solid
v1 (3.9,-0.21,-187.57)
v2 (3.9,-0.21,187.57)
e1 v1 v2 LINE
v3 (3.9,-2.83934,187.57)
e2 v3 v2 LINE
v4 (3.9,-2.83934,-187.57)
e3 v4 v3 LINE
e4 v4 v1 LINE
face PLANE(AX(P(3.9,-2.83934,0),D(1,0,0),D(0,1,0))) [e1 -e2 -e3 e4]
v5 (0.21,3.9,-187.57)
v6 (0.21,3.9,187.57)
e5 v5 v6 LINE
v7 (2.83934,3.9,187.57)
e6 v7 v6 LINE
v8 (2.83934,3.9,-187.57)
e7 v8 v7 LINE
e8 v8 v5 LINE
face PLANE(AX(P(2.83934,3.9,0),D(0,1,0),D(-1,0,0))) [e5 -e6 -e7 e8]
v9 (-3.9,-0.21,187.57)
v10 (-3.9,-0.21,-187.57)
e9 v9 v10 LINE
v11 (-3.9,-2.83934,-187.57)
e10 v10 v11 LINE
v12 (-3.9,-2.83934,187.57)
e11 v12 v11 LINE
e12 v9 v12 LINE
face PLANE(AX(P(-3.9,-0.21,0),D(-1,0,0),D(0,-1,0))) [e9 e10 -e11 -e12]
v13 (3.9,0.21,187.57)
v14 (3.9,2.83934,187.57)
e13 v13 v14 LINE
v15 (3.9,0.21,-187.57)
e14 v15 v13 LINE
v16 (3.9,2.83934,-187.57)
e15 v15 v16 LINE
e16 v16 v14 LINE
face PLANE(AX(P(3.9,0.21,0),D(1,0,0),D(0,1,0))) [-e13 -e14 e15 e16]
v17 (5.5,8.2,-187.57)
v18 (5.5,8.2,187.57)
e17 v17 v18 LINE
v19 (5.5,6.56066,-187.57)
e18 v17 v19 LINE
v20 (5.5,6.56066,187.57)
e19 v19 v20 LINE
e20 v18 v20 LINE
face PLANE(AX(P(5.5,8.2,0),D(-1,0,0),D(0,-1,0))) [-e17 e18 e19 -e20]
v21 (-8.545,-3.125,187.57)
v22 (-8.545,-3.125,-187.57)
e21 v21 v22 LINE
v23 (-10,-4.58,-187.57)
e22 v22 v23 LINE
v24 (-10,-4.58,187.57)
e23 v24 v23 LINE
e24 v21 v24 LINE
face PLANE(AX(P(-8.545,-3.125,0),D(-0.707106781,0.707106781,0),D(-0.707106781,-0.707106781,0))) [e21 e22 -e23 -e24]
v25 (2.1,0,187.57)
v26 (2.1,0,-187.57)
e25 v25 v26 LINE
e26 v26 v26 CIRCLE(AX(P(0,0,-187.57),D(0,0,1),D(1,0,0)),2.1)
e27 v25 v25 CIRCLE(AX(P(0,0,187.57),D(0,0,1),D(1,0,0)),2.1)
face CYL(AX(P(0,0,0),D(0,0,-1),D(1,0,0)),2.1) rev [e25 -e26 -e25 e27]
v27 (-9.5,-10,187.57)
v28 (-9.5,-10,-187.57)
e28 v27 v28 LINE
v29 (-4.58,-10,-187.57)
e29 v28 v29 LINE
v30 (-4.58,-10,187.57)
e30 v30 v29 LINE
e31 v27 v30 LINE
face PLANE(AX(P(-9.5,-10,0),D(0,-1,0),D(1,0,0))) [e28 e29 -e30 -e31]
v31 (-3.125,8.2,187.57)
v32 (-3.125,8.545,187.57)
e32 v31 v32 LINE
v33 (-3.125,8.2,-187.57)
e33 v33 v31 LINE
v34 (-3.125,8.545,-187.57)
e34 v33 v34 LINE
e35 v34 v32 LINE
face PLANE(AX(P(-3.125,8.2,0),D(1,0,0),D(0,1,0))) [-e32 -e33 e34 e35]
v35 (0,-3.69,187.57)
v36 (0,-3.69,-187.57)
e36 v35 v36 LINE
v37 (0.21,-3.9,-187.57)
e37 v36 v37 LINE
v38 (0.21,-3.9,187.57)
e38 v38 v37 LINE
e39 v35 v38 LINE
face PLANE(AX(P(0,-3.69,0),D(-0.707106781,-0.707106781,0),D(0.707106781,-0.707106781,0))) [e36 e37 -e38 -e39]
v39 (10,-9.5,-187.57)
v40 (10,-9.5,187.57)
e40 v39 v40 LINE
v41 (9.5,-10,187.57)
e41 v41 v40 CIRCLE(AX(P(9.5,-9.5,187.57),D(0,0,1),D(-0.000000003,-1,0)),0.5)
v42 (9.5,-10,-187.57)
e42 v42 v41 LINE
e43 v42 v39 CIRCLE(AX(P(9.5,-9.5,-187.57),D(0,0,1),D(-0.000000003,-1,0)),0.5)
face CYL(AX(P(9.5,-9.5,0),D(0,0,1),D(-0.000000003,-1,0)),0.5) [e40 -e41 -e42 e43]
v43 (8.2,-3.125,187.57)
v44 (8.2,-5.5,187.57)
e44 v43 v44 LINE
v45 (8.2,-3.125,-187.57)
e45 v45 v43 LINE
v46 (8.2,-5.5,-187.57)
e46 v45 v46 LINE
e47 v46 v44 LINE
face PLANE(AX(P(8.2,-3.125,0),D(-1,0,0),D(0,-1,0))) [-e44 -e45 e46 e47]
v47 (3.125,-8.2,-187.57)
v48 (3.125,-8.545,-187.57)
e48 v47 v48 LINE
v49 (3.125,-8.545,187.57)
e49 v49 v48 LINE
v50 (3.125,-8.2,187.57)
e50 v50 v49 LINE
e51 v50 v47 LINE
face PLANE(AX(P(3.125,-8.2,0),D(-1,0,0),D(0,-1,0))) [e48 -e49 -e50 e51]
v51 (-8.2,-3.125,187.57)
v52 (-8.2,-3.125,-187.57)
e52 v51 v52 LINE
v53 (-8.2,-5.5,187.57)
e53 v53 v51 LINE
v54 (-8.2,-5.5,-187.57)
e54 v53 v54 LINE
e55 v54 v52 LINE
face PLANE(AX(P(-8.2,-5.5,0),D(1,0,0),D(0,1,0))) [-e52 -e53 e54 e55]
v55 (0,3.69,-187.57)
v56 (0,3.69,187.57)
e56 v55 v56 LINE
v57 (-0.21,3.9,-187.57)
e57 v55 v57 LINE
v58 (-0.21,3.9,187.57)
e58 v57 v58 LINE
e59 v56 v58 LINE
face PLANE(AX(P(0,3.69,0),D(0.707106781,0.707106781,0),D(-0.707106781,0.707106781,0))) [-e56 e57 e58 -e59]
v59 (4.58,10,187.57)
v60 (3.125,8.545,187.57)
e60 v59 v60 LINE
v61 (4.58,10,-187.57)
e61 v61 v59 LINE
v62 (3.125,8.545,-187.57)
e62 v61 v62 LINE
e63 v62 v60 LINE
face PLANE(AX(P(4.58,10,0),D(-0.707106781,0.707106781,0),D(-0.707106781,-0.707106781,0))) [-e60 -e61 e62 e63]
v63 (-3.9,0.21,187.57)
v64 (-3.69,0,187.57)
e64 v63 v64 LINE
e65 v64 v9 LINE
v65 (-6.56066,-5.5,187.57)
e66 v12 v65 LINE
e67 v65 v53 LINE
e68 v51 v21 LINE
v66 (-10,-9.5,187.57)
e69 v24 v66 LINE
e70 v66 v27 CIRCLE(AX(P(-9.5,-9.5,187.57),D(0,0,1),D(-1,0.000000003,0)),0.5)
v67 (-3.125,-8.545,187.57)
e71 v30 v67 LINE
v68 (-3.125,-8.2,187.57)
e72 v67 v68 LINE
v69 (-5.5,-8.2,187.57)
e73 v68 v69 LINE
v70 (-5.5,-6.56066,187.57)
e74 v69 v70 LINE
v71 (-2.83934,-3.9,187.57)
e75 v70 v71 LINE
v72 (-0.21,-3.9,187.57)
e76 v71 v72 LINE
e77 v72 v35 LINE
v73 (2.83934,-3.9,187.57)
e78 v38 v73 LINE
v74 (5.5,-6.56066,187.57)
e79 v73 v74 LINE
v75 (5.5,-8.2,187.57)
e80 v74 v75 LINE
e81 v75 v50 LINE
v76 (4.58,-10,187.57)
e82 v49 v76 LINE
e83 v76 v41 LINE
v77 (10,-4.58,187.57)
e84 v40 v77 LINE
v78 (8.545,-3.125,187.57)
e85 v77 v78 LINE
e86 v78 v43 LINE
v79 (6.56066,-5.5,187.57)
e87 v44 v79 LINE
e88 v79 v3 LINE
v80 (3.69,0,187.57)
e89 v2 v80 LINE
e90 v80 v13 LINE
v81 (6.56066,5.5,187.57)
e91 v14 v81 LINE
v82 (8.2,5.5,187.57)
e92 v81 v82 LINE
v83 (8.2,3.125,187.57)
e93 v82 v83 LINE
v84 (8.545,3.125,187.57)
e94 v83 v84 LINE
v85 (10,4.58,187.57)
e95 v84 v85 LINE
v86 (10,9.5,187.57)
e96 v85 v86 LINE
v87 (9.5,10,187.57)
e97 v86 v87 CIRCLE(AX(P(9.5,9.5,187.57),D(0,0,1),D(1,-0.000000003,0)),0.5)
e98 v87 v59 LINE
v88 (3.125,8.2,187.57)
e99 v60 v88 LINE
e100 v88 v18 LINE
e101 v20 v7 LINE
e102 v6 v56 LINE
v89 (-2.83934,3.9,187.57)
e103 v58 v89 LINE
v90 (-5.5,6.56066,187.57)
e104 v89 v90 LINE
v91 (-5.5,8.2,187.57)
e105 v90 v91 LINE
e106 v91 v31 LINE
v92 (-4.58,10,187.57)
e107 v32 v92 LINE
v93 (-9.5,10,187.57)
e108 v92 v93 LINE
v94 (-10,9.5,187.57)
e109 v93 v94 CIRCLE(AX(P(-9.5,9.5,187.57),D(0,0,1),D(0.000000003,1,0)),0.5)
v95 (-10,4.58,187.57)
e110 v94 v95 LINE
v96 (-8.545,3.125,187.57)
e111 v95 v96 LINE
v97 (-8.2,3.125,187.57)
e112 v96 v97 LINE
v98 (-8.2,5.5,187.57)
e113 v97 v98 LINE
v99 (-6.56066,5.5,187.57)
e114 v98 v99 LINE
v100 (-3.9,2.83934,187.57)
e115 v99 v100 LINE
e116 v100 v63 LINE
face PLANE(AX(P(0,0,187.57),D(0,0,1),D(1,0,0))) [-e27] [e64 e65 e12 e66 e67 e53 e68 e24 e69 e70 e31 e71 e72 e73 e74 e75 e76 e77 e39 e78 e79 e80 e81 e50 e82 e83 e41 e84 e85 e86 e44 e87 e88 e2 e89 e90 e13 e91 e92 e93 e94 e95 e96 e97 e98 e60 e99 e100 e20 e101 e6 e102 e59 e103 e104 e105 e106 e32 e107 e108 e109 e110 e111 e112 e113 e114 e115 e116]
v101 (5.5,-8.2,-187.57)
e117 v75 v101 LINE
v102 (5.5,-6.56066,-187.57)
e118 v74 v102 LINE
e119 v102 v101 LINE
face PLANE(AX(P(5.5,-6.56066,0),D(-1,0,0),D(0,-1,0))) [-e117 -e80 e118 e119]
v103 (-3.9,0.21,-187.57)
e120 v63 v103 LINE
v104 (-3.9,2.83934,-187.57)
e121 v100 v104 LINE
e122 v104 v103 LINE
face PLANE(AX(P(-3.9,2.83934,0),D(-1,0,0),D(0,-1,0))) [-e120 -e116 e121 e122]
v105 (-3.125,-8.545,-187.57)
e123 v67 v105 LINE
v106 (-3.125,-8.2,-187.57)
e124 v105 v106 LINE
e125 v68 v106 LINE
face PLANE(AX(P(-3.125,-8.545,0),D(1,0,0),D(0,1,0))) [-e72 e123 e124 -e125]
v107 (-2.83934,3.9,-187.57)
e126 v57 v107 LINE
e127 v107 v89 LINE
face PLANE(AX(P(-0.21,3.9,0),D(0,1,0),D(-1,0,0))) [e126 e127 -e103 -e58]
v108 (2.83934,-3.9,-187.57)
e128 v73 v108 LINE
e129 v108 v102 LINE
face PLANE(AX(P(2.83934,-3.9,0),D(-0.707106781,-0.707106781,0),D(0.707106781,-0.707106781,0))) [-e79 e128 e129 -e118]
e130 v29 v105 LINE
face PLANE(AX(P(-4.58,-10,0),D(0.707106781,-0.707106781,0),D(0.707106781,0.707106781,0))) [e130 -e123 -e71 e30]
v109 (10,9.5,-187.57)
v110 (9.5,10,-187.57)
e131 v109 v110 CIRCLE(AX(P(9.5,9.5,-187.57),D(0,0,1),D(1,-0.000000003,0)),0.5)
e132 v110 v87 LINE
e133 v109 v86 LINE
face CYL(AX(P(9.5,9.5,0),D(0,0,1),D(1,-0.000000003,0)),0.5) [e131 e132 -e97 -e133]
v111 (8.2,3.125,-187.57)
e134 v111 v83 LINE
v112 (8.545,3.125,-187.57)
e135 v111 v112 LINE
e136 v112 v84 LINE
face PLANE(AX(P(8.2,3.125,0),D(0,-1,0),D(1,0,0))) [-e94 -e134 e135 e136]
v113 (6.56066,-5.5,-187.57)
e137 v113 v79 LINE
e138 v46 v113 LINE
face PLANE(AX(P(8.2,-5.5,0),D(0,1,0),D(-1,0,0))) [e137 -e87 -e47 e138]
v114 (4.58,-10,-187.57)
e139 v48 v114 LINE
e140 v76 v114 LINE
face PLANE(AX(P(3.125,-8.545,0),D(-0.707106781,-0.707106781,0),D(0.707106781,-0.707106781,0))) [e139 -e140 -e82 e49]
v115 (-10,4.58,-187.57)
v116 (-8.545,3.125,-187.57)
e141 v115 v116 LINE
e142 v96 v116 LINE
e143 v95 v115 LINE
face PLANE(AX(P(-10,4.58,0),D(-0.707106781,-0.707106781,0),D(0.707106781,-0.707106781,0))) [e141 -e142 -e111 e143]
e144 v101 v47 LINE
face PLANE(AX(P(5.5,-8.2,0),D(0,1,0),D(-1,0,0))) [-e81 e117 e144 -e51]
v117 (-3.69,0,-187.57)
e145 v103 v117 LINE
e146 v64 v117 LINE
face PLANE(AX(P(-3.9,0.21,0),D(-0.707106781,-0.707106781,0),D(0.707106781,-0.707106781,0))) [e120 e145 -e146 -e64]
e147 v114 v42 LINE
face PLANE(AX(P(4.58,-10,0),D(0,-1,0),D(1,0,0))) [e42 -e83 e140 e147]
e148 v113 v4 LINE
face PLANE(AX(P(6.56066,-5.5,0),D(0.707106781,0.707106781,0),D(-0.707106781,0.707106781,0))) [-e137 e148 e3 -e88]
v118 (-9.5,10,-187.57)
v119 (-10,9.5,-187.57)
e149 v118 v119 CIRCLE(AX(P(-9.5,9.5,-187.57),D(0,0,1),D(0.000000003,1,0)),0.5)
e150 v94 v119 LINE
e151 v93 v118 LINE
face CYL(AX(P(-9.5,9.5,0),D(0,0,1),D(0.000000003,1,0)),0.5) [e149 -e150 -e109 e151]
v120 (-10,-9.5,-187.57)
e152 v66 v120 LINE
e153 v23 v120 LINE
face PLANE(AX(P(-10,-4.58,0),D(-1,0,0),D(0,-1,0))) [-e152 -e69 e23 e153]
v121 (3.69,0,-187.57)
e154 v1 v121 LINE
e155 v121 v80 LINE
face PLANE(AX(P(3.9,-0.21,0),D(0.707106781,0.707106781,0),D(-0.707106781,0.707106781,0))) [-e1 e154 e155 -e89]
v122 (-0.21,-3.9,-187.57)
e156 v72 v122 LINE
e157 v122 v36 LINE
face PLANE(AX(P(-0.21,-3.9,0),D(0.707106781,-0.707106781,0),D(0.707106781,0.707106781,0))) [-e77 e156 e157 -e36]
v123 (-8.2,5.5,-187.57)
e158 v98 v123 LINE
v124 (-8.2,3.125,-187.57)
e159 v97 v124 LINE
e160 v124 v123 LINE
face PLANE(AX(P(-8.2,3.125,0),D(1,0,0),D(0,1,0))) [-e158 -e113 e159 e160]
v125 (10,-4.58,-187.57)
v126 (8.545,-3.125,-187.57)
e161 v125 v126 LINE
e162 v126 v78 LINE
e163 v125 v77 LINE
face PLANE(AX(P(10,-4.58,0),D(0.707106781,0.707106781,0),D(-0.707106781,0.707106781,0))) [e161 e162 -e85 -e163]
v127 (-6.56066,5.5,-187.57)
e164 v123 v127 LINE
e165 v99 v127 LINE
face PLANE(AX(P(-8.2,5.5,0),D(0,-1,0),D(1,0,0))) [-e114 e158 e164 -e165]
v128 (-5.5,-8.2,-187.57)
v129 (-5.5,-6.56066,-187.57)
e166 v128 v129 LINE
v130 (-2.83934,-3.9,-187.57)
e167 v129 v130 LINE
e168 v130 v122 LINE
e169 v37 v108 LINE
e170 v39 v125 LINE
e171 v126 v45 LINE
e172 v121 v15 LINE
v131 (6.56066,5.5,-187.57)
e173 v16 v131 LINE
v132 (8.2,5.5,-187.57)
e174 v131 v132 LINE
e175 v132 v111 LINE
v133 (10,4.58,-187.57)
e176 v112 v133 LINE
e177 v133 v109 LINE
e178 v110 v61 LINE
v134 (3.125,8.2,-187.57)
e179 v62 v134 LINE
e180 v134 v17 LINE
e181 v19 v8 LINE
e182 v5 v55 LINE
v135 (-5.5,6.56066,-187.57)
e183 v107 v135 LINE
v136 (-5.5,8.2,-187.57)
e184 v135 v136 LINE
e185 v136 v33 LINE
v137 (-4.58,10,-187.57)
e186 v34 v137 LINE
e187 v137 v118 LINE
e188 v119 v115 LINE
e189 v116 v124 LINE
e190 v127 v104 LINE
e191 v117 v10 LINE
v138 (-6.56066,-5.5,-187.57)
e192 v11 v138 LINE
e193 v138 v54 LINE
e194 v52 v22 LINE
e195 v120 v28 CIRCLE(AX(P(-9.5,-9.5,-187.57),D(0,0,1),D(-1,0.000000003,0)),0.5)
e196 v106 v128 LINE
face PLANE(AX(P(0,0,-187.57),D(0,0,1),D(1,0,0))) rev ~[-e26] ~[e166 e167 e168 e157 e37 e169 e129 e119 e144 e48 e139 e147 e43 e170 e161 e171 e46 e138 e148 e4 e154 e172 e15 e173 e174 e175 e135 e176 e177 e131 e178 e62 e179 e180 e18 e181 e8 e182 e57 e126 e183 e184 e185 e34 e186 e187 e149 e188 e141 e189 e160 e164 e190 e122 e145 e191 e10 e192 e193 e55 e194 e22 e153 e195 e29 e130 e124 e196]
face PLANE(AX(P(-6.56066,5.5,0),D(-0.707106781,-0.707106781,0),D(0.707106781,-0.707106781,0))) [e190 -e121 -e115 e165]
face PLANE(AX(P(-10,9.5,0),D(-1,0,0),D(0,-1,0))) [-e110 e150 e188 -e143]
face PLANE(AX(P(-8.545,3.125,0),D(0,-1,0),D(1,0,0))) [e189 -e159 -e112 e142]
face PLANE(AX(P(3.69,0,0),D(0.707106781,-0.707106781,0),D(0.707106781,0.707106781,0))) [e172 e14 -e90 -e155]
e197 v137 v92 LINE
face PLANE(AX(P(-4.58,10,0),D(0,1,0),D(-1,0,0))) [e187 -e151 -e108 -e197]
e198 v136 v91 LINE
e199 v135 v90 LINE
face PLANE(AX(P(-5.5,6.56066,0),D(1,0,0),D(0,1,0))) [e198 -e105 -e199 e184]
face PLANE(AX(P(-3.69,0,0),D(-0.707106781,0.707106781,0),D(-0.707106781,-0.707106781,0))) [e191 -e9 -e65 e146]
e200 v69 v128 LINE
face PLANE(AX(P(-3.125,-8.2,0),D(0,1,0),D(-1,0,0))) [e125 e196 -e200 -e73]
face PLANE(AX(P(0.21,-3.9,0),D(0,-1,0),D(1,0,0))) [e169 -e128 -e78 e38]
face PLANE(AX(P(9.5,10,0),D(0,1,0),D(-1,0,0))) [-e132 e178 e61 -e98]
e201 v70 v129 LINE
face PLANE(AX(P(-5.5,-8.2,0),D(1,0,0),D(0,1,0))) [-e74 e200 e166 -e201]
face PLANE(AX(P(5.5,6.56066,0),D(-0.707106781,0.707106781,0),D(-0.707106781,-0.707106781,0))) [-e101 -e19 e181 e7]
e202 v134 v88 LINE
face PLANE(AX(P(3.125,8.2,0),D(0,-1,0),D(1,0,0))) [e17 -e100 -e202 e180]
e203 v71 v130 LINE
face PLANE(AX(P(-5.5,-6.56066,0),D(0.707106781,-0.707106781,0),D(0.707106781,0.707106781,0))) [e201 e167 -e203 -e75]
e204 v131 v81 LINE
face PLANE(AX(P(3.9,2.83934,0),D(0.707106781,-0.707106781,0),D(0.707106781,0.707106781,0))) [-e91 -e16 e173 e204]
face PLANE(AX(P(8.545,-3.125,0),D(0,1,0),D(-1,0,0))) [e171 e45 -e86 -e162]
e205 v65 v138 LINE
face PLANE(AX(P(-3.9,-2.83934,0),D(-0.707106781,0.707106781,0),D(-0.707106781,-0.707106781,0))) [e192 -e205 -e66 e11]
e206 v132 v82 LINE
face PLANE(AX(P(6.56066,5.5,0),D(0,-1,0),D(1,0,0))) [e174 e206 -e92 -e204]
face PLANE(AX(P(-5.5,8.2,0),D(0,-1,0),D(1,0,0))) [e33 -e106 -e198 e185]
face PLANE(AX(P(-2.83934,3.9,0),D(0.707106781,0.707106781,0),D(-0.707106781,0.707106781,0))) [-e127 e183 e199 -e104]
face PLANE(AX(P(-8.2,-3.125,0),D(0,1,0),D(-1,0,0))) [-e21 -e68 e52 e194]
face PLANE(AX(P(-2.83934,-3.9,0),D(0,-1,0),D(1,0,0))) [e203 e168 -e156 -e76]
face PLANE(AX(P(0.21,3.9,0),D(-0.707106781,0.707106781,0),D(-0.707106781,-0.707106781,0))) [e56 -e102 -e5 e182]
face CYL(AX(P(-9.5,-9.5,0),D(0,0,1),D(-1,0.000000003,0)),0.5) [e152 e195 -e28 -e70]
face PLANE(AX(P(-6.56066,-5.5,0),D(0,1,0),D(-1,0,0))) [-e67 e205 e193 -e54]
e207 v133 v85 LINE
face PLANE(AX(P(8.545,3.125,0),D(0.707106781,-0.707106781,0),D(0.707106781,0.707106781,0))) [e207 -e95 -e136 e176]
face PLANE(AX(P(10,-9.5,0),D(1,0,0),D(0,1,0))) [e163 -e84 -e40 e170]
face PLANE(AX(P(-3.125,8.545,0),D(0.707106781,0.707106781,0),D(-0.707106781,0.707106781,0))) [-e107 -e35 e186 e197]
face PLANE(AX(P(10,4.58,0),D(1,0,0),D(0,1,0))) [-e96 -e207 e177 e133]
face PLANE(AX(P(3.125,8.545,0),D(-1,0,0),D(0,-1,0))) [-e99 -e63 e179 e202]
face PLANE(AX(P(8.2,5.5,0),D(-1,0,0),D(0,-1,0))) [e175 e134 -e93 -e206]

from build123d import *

# Parameters (mm, degrees)
SKETCH1_R           = 2.1
BOSS_EXTRUDE1_DEPTH = 187.57


with BuildPart() as part:
    # Sketch1 → Boss-Extrude1 (new body, symmetric)
    with BuildSketch(Plane.XY):
        with BuildLine():
            Line((4.58, -10), (9.5, -10))
            ThreePointArc((9.5, -10), (9.853553391, -9.853553391), (10, -9.5))
            Line((10, -9.5), (10, -4.58))
            Line((10, -4.58), (8.545, -3.125))
            Line((8.545, -3.125), (8.2, -3.125))
            Line((8.2, -3.125), (8.2, -5.5))
            Line((8.2, -5.5), (6.560660172, -5.5))
            Line((6.560660172, -5.5), (3.9, -2.839339828))
            Line((3.9, -2.839339828), (3.9, -0.21))
            Line((3.9, -0.21), (3.69, 0))
            Line((3.69, 0), (3.9, 0.21))
            Line((3.9, 0.21), (3.9, 2.839339828))
            Line((3.9, 2.839339828), (6.560660172, 5.5))
            Line((6.560660172, 5.5), (8.2, 5.5))
            Line((8.2, 5.5), (8.2, 3.125))
            Line((8.2, 3.125), (8.545, 3.125))
            Line((8.545, 3.125), (10, 4.58))
            Line((10, 4.58), (10, 9.5))
            ThreePointArc((10, 9.5), (9.853553391, 9.853553391), (9.5, 10))
            Line((9.5, 10), (4.58, 10))
            Line((4.58, 10), (3.125, 8.545))
            Line((3.125, 8.545), (3.125, 8.2))
            Line((3.125, 8.2), (5.5, 8.2))
            Line((5.5, 8.2), (5.5, 6.560660172))
            Line((5.5, 6.560660172), (2.839339828, 3.9))
            Line((2.839339828, 3.9), (0.21, 3.9))
            Line((0.21, 3.9), (0, 3.69))
            Line((0, 3.69), (-0.21, 3.9))
            Line((-0.21, 3.9), (-2.839339828, 3.9))
            Line((-2.839339828, 3.9), (-5.5, 6.560660172))
            Line((-5.5, 6.560660172), (-5.5, 8.2))
            Line((-5.5, 8.2), (-3.125, 8.2))
            Line((-3.125, 8.2), (-3.125, 8.545))
            Line((-3.125, 8.545), (-4.58, 10))
            Line((-4.58, 10), (-9.5, 10))
            ThreePointArc((-9.5, 10), (-9.853553391, 9.853553391), (-10, 9.5))
            Line((-10, 9.5), (-10, 4.58))
            Line((-10, 4.58), (-8.545, 3.125))
            Line((-8.545, 3.125), (-8.2, 3.125))
            Line((-8.2, 3.125), (-8.2, 5.5))
            Line((-8.2, 5.5), (-6.560660172, 5.5))
            Line((-6.560660172, 5.5), (-3.9, 2.839339828))
            Line((-3.9, 2.839339828), (-3.9, 0.21))
            Line((-3.9, 0.21), (-3.69, 0))
            Line((-3.69, 0), (-3.9, -0.21))
            Line((-3.9, -0.21), (-3.9, -2.839339828))
            Line((-3.9, -2.839339828), (-6.560660172, -5.5))
            Line((-6.560660172, -5.5), (-8.2, -5.5))
            Line((-8.2, -5.5), (-8.2, -3.125))
            Line((-8.2, -3.125), (-8.545, -3.125))
            Line((-8.545, -3.125), (-10, -4.58))
            Line((-10, -4.58), (-10, -9.5))
            ThreePointArc((-10, -9.5), (-9.853553391, -9.853553391), (-9.5, -10))
            Line((-9.5, -10), (-4.58, -10))
            Line((-4.58, -10), (-3.125, -8.545))
            Line((-3.125, -8.545), (-3.125, -8.2))
            Line((-3.125, -8.2), (-5.5, -8.2))
            Line((-5.5, -8.2), (-5.5, -6.560660172))
            Line((-5.5, -6.560660172), (-2.839339828, -3.9))
            Line((-2.839339828, -3.9), (-0.21, -3.9))
            Line((-0.21, -3.9), (0, -3.69))
            Line((0, -3.69), (0.21, -3.9))
            Line((0.21, -3.9), (2.839339828, -3.9))
            Line((2.839339828, -3.9), (5.5, -6.560660172))
            Line((5.5, -6.560660172), (5.5, -8.2))
            Line((5.5, -8.2), (3.125, -8.2))
            Line((3.125, -8.2), (3.125, -8.545))
            Line((3.125, -8.545), (4.58, -10))
        make_face()
        Circle(SKETCH1_R, mode=Mode.SUBTRACT)
    extrude(amount=BOSS_EXTRUDE1_DEPTH, both=True)


solid = part.part
